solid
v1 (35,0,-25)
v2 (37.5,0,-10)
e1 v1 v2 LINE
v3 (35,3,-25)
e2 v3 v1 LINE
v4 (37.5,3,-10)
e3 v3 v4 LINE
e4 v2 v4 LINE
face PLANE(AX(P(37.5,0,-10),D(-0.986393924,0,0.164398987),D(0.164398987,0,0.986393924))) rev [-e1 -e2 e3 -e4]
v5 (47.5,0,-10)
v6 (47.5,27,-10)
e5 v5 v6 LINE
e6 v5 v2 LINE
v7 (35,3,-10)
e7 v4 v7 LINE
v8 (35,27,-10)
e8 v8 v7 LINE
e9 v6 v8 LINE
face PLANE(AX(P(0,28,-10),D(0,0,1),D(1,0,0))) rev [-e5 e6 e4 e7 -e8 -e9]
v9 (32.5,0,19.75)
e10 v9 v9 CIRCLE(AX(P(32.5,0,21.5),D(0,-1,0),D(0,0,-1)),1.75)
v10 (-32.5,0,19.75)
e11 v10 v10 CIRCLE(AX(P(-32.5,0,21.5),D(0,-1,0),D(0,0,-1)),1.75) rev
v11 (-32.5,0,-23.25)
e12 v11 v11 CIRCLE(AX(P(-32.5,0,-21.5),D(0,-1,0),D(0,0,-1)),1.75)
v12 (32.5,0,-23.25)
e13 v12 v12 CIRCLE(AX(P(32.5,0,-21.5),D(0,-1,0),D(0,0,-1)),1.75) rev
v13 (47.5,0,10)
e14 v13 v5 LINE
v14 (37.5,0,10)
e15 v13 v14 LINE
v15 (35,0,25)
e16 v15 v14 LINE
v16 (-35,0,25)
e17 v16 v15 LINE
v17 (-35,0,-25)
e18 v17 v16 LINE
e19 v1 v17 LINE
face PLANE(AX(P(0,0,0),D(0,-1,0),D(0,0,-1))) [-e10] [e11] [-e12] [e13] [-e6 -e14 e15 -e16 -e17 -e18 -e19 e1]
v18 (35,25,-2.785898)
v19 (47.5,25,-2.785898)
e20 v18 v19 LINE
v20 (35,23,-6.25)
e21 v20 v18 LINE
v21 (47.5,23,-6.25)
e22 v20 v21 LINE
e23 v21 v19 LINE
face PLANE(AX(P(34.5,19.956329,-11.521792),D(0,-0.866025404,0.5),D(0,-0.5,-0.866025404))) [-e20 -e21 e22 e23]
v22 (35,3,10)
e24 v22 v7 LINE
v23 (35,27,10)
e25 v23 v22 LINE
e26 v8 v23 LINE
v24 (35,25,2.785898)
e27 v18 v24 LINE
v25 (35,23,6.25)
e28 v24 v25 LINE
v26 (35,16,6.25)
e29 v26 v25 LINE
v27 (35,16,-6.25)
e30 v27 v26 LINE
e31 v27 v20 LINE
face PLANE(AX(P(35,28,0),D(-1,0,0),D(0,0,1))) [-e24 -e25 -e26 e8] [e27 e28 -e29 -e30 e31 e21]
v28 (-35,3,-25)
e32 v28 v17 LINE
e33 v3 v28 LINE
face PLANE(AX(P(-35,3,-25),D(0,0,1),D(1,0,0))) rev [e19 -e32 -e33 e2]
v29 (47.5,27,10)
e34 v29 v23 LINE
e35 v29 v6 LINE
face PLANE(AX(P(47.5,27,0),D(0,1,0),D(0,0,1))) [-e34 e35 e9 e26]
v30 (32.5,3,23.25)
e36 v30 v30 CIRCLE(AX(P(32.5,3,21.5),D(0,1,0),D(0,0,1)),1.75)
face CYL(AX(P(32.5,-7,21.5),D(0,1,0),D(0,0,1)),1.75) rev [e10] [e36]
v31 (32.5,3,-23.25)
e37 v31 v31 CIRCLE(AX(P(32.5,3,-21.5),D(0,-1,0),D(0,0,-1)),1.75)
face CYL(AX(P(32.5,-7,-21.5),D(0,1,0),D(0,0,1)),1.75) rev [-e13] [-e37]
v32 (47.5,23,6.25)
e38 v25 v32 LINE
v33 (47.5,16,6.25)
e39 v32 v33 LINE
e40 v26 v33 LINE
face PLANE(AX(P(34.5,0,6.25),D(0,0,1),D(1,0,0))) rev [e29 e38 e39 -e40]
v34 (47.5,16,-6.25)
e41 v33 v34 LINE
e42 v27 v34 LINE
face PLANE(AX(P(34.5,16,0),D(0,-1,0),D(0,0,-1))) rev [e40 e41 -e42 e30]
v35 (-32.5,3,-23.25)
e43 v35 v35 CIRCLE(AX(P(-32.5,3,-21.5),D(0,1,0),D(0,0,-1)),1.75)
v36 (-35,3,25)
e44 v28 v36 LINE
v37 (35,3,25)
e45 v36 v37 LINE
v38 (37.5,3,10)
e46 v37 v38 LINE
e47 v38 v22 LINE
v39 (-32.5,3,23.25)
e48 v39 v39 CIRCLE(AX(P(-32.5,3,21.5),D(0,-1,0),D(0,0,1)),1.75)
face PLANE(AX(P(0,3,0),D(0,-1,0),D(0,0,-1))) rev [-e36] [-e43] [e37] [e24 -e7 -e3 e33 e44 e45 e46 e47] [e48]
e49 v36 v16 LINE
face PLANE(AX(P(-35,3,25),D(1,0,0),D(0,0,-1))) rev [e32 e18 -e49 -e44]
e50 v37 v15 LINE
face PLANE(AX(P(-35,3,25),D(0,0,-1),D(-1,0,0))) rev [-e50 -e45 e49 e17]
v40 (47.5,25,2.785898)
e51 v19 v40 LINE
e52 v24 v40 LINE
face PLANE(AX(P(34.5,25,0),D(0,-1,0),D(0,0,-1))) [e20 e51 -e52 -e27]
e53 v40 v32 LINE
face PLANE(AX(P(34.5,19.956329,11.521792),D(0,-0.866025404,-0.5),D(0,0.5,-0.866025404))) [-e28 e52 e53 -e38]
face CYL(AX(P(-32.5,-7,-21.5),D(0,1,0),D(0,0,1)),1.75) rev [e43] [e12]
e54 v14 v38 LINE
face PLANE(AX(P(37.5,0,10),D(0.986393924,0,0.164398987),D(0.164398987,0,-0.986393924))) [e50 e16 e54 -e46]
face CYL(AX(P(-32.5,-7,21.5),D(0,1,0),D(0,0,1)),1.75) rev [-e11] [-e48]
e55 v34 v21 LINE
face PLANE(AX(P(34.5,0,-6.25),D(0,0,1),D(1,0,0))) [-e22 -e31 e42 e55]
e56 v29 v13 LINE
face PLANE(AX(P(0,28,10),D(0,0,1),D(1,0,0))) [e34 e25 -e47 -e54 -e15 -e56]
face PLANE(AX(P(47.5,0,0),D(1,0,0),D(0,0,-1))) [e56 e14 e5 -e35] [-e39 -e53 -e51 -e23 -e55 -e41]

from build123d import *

# Parameters (mm, degrees)
SKETCH1_W                                  = 70
SKETCH1_H                                  = 50
BOSS_EXTRUDE1_DEPTH                        = 3
SKETCH2_R                                  = 1.75
CUT_EXTRUDE1_DEPTH                         = 10
MIRROR1_AT_THE_SECOND_PLANE_COPY_1_SKETC_R = 1.75
MIRROR1_AT_THE_SECOND_PLANE_COPY_1_DEPTH   = 10
SKETCH4_W                                  = 2.5
SKETCH4_H                                  = 10
BOSS_EXTRUDE2_DEPTH                        = 28
BOSS_EXTRUDE3_DEPTH                        = 3
CUT_EXTRUDE2_DEPTH                         = 3
BOSS_EXTRUDE4_DEPTH                        = 10
BOSS_EXTRUDE5_DEPTH                        = 10
SKETCH11_W                                 = 20
SKETCH11_H                                 = 1
CUT_EXTRUDE3_DEPTH                         = 10


with BuildPart() as part:
    # Sketch1 → Boss-Extrude1 (new body)
    with BuildSketch(Plane(origin=(0, 0, 0), x_dir=(1, 0, 0), z_dir=(0, 1, 0))):
        Rectangle(SKETCH1_W, SKETCH1_H)
    extrude(amount=BOSS_EXTRUDE1_DEPTH)

    # Sketch2 → Cut-Extrude1 (cut)
    with BuildSketch(Plane(origin=(0, 3, 0), x_dir=(1, 0, 0), z_dir=(0, 1, 0))):
        with Locations(Location((32.5, -21.5, 0), (0, 0, 270))):
            Circle(SKETCH2_R)
    cut_extrude1 = extrude(amount=-CUT_EXTRUDE1_DEPTH, mode=Mode.SUBTRACT)

    # Mirror1: Cut-Extrude1 across plane
    add(cut_extrude1.mirror(Plane.XY), mode=Mode.SUBTRACT)

    # Mirror1 at the second plane: Cut-Extrude1 across plane
    add(cut_extrude1.mirror(Plane(origin=(0, 0, 0), x_dir=(0, 0, 1), z_dir=(1, 0, 0))), mode=Mode.SUBTRACT)

    # Mirror1 at the second plane copy 1 sketc → Mirror1 at the second plane copy 1 (cut)
    with BuildSketch(Plane(origin=(0, 3, 0), x_dir=(-1, 0, 0), z_dir=(0, 1, 0))):
        with Locations(Location((32.5, -21.5, 0), (0, 0, 270))):
            Circle(MIRROR1_AT_THE_SECOND_PLANE_COPY_1_SKETC_R)
    extrude(amount=-MIRROR1_AT_THE_SECOND_PLANE_COPY_1_DEPTH, mode=Mode.SUBTRACT)

    # Sketch4 → Boss-Extrude2 (add)
    with BuildSketch(Plane(origin=(0, 0, 0), x_dir=(1, 0, 0), z_dir=(0, 1, 0))):
        with Locations((36.25, -5)):
            Rectangle(SKETCH4_W, SKETCH4_H)
        with Locations((36.25, 5)):
            Rectangle(SKETCH4_W, SKETCH4_H)
    extrude(amount=BOSS_EXTRUDE2_DEPTH)

    # Sketch7 → Boss-Extrude3 (add)
    with BuildSketch(Plane(origin=(0, 3, 0), x_dir=(1, 0, 0), z_dir=(0, 1, 0))):
        Polygon((35, -10), (35, -25), (37.5, -10), align=None)
    boss_extrude3 = extrude(amount=-BOSS_EXTRUDE3_DEPTH)

    # Mirror2: Boss-Extrude3 across plane
    add(boss_extrude3.mirror(Plane.XY))

    # Sketch8 → Cut-Extrude2 (cut)
    with BuildSketch(Plane(origin=(37.5, 0, 0), x_dir=(0, 0, -1), z_dir=(1, 0, 0))):
        Polygon((-2.785898385, 25), (-6.25, 23), (-6.25, 16), (6.25, 16), (6.25, 23), (2.785898385, 25), align=None)
    extrude(amount=-CUT_EXTRUDE2_DEPTH, mode=Mode.SUBTRACT)

    # Sketch9 → Boss-Extrude4 (add)
    with BuildSketch(Plane(origin=(37.5, 0, 0), x_dir=(0, 0, -1), z_dir=(1, 0, 0))):
        Polygon((-6.75, 15.5), (6.75, 15.5), (6.75, 23.288675135), (2.919872981, 25.5), (-2.919872981, 25.5), (-6.75, 23.288675135), align=None)
        Polygon((-6.25, 23), (-6.25, 16), (6.25, 16), (6.25, 23), (2.785898385, 25), (-2.785898385, 25), align=None, mode=Mode.SUBTRACT)
    extrude(amount=BOSS_EXTRUDE4_DEPTH)

    # Sketch10 → Boss-Extrude5 (add)
    with BuildSketch(Plane(origin=(37.5, 0, 0), x_dir=(0, 0, -1), z_dir=(1, 0, 0))):
        Polygon((10, 27), (-10, 27), (-10, 3), (-10, 0), (10, 0), (10, 3), align=None)
        Polygon((-6.75, 15.5), (-6.75, 23.288675135), (-2.919872981, 25.5), (2.919872981, 25.5), (6.75, 23.288675135), (6.75, 15.5), align=None, mode=Mode.SUBTRACT)
    extrude(amount=BOSS_EXTRUDE5_DEPTH)

    # Sketch11 → Cut-Extrude3 (cut)
    with BuildSketch(Plane(origin=(37.5, 0, 0), x_dir=(0, 0, -1), z_dir=(1, 0, 0))):
        with Locations((0, 27.5)):
            Rectangle(SKETCH11_W, SKETCH11_H)
    extrude(amount=-CUT_EXTRUDE3_DEPTH, mode=Mode.SUBTRACT)


solid = part.part
